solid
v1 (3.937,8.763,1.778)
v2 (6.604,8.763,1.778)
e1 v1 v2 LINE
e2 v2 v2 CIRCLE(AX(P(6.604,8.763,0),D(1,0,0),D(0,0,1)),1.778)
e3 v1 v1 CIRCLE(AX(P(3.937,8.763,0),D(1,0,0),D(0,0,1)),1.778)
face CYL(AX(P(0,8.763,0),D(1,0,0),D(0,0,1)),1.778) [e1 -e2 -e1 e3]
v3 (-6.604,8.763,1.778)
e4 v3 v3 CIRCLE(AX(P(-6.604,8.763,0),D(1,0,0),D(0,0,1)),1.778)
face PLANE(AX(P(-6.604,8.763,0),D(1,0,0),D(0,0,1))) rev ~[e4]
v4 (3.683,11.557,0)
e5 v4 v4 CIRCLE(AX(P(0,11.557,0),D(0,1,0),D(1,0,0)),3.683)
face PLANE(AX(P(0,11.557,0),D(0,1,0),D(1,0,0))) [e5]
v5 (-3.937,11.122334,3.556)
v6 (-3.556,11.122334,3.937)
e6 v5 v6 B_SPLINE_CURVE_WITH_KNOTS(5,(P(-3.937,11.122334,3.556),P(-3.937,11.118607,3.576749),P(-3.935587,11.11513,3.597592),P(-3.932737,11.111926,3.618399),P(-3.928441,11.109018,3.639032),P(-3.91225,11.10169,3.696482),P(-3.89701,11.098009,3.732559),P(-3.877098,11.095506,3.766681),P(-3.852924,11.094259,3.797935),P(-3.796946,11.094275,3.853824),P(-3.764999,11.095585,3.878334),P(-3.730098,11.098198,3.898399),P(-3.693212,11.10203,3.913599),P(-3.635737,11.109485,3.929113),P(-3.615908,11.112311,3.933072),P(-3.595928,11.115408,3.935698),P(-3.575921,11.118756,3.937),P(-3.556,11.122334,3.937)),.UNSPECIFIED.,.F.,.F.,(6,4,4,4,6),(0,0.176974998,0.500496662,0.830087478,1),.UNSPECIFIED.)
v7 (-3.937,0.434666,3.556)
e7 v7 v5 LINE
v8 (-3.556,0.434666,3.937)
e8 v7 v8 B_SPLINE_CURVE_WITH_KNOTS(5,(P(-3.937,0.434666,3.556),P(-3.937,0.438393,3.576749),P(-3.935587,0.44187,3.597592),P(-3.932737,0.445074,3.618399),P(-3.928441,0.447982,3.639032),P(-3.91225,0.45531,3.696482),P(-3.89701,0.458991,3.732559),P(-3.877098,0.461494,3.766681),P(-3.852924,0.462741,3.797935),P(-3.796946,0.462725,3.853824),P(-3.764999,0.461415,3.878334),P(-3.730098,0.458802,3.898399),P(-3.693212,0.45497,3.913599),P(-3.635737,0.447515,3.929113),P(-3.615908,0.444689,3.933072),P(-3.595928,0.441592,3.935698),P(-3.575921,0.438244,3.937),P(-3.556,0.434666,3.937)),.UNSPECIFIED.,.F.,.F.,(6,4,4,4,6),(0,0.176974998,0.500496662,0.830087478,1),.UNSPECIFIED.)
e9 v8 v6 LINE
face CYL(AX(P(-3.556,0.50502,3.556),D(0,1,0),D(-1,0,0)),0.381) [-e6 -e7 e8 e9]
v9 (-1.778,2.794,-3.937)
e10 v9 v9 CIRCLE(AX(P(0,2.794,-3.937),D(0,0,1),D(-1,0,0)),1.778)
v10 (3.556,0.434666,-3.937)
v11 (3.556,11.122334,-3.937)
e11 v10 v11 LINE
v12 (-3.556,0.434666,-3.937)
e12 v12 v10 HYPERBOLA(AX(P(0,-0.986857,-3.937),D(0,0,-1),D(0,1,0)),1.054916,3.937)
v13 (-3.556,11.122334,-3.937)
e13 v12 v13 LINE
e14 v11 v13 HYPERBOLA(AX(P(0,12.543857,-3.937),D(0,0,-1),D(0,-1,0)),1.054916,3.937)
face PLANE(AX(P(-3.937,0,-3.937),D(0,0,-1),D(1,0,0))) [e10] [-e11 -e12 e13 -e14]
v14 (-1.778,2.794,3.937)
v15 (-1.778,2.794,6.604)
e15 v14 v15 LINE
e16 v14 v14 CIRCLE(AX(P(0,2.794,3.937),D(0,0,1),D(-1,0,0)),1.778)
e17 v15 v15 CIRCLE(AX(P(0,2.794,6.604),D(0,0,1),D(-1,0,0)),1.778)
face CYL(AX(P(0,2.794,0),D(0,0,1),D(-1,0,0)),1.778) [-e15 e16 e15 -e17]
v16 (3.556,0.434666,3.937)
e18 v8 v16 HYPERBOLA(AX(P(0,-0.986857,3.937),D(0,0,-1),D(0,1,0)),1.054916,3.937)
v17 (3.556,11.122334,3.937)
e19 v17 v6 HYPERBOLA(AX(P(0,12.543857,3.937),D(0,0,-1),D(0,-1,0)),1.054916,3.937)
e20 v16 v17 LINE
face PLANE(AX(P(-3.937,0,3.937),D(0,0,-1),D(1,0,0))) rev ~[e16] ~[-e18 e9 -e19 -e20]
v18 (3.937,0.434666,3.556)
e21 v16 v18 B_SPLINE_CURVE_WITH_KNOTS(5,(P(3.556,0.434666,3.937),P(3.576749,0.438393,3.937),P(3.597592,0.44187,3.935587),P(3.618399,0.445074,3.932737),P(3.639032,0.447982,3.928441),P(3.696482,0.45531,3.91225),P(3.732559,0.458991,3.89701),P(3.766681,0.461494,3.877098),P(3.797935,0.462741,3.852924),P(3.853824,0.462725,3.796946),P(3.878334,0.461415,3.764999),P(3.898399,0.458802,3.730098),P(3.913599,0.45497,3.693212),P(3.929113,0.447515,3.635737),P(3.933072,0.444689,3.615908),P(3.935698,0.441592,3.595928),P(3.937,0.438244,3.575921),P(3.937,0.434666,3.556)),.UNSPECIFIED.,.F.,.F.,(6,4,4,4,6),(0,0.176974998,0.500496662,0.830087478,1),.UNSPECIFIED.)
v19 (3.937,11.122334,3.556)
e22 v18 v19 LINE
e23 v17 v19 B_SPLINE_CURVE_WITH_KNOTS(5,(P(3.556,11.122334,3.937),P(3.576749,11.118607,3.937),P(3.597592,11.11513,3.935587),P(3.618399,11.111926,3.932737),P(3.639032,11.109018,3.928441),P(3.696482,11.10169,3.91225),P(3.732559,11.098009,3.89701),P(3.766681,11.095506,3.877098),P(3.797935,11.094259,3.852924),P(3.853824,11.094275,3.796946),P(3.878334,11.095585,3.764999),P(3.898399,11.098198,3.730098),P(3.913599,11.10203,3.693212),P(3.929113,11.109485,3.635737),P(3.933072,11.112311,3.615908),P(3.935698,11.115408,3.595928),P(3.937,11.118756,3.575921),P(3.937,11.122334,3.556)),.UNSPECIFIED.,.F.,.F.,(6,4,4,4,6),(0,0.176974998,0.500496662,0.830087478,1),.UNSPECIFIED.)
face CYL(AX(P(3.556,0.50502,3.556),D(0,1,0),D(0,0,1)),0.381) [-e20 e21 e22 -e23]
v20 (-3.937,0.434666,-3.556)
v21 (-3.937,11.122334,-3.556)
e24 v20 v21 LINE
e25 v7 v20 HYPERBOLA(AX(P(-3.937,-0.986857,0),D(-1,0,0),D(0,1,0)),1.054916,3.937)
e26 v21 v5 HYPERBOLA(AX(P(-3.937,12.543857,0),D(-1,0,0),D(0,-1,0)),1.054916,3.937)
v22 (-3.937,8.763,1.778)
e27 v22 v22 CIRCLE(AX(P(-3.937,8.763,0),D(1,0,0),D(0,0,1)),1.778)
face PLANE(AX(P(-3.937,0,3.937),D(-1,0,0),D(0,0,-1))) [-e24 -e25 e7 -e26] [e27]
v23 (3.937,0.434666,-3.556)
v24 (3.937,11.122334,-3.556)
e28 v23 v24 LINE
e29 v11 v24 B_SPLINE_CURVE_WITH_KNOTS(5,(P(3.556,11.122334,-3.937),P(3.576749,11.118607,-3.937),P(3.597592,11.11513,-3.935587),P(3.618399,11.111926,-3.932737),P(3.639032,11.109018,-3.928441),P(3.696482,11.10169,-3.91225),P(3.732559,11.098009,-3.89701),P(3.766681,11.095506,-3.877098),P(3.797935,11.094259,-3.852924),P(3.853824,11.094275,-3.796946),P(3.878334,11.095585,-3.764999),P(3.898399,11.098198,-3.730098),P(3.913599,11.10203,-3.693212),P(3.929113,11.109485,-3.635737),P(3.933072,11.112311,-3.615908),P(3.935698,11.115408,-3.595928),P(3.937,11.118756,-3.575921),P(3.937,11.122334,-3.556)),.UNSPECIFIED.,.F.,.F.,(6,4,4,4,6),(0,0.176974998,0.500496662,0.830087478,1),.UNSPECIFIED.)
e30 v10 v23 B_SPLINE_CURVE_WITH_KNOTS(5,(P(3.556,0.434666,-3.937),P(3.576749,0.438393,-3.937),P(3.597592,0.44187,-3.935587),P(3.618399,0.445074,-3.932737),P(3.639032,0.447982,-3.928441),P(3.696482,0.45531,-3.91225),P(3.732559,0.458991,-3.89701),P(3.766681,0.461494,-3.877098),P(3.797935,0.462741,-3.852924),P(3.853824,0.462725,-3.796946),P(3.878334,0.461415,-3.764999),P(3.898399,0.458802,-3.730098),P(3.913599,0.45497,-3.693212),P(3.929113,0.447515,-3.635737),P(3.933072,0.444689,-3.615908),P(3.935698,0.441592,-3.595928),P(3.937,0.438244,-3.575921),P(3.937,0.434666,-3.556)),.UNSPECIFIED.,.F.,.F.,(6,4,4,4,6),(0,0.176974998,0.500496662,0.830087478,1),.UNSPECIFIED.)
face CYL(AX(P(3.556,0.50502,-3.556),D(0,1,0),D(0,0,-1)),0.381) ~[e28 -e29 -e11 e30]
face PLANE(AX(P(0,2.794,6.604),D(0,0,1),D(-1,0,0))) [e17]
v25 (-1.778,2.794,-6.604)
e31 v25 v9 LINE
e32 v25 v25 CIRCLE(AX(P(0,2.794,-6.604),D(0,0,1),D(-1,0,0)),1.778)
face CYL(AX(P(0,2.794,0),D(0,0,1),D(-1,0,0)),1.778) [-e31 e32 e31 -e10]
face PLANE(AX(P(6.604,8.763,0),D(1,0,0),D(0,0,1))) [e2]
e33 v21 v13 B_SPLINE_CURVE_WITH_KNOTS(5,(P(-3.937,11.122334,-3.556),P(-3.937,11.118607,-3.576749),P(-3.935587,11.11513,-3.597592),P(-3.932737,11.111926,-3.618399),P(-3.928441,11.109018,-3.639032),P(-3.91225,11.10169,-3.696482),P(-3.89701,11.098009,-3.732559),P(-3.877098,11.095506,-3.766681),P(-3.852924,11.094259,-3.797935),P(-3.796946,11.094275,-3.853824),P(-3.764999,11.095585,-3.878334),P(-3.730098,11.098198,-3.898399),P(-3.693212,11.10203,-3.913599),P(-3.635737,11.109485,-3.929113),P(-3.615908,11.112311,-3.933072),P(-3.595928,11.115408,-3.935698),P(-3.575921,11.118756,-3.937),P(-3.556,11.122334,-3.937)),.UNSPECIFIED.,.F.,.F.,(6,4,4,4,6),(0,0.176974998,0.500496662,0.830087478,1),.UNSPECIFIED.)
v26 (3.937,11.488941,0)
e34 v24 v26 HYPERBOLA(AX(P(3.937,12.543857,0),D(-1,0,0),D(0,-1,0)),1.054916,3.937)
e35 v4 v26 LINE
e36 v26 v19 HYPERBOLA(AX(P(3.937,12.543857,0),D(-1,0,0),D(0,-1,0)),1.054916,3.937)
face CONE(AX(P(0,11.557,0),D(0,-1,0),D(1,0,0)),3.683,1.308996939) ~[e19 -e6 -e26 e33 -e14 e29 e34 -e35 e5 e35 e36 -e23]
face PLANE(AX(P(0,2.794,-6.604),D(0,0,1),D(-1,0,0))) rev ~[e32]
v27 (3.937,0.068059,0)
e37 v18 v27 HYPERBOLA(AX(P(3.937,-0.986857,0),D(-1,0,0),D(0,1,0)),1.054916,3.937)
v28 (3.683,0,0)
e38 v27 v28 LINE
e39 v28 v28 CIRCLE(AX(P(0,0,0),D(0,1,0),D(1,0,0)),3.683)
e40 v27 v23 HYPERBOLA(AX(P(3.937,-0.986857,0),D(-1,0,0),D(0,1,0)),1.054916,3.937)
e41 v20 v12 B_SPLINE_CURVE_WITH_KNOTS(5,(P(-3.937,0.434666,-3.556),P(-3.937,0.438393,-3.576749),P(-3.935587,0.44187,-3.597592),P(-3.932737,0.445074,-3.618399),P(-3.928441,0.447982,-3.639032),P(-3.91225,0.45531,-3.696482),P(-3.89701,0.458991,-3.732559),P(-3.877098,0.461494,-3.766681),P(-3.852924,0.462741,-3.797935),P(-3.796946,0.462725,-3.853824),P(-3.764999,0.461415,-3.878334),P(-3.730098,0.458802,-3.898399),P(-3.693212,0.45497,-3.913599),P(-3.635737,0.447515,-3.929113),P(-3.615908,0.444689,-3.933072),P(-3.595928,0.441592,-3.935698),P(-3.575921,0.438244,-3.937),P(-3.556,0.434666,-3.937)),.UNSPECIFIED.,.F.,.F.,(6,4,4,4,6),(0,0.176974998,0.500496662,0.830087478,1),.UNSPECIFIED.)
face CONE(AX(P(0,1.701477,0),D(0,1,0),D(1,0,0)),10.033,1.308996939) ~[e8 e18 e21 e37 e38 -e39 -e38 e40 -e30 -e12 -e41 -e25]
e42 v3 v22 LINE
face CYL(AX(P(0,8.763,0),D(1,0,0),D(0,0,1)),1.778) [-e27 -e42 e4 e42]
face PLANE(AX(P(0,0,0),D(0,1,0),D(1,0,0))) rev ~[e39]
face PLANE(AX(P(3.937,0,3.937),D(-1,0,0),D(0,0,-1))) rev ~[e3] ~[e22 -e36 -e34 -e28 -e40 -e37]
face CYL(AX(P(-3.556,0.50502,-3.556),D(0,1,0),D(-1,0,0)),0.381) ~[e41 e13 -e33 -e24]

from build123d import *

# Parameters (mm, degrees)
INTERMEDIATE_BODY_SK_W  = 7.874
INTERMEDIATE_BODY_SK_H  = 7.874
INTERMEDIATE_BODY_DEPTH = 11.557
PIN1_R                  = 1.778
PIN_EXTRUDE1_DEPTH      = 6.604
PIN2_R                  = 1.778
PIN_EXTRUDE2_DEPTH      = 6.604
FILLET1_R               = 0.381


with BuildPart() as part:
    # Intermediate_Body-Sk → Intermediate_Body (new body)
    with BuildSketch(Plane(origin=(0, 0, 0), x_dir=(1, 0, 0), z_dir=(0, 1, 0))):
        Rectangle(INTERMEDIATE_BODY_SK_W, INTERMEDIATE_BODY_SK_H)
    extrude(amount=INTERMEDIATE_BODY_DEPTH)

    # Rev-CutSk → Cut-Revolve2 (revolve, cut)
    with BuildSketch(Plane.XY, mode=Mode.PRIVATE) as cut_revolve2_sk:
        Polygon((-3.683, 11.557), (-10.033, 9.855522628), (-10.033, 1.701477372), (-3.683, 0), (-12.573, 0), (-12.573, 11.557), align=None)
    revolve(cut_revolve2_sk.sketch.rotate(Axis((0, 0, 0), (0, 1, 0)), 180), axis=Axis((0, 0, 0), (0, 1, 0)), mode=Mode.SUBTRACT)

    # Pin1 → Pin-Extrude1 (add, symmetric)
    with BuildSketch(Plane.XY):
        with Locations(Location((0, 2.794, 0), (0, 0, 180))):
            Circle(PIN1_R)
    extrude(amount=PIN_EXTRUDE1_DEPTH, both=True)

    # Pin2 → Pin-Extrude2 (add, symmetric)
    with BuildSketch(Plane(origin=(0, 0, 0), x_dir=(0, 0, -1), z_dir=(1, 0, 0))):
        with Locations(Location((0, 8.763, 0), (0, 0, 180))):
            Circle(PIN2_R)
    extrude(amount=PIN_EXTRUDE2_DEPTH, both=True)

    # Fillet1
    fillet1_edges = [part.edges().sort_by_distance(p)[0] for p in [
        (3.937, 5.7785, -3.937),
        (-3.937, 5.7785, -3.937),
        (-3.937, 5.7785, 3.937),
        (3.937, 5.7785, 3.937),
    ]]
    fillet(fillet1_edges, radius=FILLET1_R)


solid = part.part
